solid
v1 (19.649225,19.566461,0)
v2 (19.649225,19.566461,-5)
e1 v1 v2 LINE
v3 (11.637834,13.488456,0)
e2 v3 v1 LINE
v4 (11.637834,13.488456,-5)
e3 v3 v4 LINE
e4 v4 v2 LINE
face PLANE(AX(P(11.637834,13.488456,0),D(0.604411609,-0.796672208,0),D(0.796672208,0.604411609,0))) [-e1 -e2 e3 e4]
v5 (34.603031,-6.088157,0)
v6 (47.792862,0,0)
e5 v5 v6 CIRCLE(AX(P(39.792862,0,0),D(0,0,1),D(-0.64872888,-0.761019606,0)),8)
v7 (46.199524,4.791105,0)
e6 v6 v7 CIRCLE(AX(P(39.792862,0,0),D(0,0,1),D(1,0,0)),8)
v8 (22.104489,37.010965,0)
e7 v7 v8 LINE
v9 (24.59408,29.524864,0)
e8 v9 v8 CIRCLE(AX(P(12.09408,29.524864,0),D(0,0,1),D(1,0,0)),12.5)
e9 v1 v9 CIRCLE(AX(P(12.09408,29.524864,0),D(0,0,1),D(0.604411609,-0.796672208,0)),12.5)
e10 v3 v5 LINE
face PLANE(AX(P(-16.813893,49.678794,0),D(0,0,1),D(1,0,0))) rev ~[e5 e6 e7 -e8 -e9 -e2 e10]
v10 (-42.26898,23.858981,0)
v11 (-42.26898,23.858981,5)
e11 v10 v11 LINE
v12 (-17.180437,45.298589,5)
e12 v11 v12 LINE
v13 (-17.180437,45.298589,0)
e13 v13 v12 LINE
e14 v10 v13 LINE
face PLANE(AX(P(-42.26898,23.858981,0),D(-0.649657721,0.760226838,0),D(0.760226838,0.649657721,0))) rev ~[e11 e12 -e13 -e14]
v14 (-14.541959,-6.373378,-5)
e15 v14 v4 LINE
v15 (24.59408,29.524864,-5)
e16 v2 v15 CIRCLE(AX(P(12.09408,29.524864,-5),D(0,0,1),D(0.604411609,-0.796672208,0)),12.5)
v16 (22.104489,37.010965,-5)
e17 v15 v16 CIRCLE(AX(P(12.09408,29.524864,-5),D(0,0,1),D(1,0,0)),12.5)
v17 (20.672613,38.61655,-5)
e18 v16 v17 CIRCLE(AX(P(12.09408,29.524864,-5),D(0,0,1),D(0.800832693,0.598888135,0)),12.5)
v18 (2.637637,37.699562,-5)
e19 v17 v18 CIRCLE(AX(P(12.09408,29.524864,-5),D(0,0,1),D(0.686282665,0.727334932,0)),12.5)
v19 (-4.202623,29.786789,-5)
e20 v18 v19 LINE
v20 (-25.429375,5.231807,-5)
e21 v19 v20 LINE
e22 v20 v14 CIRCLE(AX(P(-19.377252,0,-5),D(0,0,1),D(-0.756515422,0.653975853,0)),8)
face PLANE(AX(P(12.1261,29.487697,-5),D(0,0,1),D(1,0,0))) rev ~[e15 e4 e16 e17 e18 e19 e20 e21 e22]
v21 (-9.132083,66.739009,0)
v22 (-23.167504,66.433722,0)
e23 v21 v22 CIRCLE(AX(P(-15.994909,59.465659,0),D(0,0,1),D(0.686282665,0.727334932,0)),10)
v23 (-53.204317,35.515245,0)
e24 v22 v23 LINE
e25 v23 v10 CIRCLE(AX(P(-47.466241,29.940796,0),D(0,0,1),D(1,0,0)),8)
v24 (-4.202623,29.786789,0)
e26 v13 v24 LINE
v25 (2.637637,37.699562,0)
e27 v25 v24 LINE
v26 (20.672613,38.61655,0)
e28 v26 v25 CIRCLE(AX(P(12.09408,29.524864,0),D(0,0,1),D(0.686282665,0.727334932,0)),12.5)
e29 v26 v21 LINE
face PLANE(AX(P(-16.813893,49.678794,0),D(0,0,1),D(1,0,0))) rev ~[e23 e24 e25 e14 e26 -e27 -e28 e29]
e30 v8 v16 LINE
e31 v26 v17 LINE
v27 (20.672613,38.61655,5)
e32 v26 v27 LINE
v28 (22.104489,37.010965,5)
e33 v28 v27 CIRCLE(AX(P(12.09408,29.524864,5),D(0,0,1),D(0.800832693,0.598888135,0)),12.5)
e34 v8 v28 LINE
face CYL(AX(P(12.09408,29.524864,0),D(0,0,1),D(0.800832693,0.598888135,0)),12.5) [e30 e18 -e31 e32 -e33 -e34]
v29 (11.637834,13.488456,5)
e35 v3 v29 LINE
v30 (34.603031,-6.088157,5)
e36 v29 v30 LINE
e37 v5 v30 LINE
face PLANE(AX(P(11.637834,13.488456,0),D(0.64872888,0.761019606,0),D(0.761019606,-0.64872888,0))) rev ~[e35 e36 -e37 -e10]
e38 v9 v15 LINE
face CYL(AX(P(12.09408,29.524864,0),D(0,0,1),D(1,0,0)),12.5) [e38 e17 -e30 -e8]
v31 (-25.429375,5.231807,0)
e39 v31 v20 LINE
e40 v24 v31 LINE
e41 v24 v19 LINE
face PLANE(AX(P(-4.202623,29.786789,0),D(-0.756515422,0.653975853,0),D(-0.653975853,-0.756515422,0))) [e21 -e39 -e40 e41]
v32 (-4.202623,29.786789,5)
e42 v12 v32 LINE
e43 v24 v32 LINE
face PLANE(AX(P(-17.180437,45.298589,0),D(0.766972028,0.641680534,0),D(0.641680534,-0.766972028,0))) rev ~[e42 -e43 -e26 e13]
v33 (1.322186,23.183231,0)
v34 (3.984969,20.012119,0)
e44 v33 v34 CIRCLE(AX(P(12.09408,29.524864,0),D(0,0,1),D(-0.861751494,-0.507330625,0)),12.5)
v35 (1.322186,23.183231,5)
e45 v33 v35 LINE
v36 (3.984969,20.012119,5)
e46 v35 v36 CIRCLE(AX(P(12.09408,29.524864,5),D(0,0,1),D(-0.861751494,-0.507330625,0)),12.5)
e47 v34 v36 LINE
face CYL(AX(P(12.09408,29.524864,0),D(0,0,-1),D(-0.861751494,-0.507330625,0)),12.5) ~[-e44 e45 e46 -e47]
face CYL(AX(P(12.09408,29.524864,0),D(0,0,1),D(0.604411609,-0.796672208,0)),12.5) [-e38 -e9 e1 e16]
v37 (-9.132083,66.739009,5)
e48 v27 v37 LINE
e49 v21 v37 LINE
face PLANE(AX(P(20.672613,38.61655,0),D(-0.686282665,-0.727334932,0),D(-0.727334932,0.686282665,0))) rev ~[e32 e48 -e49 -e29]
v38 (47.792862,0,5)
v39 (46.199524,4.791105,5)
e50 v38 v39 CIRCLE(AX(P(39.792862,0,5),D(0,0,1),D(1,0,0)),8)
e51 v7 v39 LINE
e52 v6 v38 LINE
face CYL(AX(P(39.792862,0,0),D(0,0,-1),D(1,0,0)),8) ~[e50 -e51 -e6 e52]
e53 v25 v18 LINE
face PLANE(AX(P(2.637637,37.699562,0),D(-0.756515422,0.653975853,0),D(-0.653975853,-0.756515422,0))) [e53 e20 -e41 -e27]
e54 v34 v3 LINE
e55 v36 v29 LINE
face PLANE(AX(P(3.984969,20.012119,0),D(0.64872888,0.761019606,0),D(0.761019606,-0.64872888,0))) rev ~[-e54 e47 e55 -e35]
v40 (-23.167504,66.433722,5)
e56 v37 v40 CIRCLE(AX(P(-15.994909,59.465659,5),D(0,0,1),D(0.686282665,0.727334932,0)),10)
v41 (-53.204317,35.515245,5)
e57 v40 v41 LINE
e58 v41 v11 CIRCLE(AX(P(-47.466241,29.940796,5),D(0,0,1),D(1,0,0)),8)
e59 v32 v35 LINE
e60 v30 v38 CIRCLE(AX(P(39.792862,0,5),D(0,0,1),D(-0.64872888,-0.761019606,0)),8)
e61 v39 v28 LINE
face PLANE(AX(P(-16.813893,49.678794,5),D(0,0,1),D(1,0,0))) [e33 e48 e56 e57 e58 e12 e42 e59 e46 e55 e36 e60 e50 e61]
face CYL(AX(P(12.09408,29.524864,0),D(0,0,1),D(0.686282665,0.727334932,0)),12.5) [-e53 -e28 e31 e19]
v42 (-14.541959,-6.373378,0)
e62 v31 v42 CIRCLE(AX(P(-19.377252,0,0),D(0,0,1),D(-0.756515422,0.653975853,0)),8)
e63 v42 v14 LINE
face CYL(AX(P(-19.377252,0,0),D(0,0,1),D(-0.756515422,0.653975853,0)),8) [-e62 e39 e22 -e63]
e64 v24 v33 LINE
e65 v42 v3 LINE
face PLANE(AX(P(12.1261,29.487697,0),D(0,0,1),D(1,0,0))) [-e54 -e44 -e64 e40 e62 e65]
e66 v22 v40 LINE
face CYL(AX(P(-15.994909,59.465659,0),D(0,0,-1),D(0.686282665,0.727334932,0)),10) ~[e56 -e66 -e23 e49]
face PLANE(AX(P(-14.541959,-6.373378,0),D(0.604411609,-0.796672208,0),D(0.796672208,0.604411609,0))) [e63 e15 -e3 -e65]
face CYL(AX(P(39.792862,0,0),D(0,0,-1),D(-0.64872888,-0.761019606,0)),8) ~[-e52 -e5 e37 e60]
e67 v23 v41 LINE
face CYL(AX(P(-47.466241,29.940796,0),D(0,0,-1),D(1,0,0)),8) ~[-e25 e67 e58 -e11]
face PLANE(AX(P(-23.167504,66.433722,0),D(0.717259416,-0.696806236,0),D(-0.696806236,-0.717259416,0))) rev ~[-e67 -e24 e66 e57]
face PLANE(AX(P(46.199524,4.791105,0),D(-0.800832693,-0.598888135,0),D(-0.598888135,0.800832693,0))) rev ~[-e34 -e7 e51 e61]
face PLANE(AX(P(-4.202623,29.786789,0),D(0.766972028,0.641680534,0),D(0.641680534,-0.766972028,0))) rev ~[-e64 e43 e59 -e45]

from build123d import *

# Parameters (mm, degrees)
F1_DEPTH = 5
F2_DEPTH = 5


with BuildPart() as f1:
    # F0 (on Top) → F1 (new body)
    with BuildSketch(Plane.XY):
        with BuildLine():
            Line((-23.6646297587, 53.0488538636), (-17.1804372047, 45.2985886631))
            Line((-17.1804372047, 45.2985886631), (-9.4983322642, 51.863390826))
            ThreePointArc((-9.4983322642, 51.863390826), (-16.8288140389, 49.5004897049), (-23.6646297587, 53.0488538636))
        make_face()
        with BuildLine():
            ThreePointArc((-53.2043166994, 35.5152454027), (-44.4583020958, 37.3537774602), (-39.4662413724, 29.9407955158))
            ThreePointArc((-39.4662413724, 29.9407955158), (-40.2006342346, 26.5925194043), (-42.2689796022, 23.858980812))
            Line((-42.2689796022, 23.858980812), (-17.1804372047, 45.2985886631))
            Line((-17.1804372047, 45.2985886631), (-23.6646297587, 53.0488538636))
            ThreePointArc((-23.6646297587, 53.0488538636), (-25.9880193698, 59.8368123683), (-23.1675036357, 66.4337215644))
            Line((-23.1675036357, 66.4337215644), (-53.2043166994, 35.5152454027))
        make_face()
        with BuildLine():
            ThreePointArc((-42.2689796022, 23.858980812), (-40.2006342346, 26.5925194043), (-39.4662413724, 29.9407955158))
            ThreePointArc((-39.4662413724, 29.9407955158), (-44.4583020958, 37.3537774602), (-53.2043166994, 35.5152454027))
            ThreePointArc((-53.2043166994, 35.5152454027), (-53.3006433022, 24.467245103), (-42.2689796022, 23.858980812))
        make_face()
        with BuildLine():
            ThreePointArc((-9.1320828248, 66.7390085266), (-16.2123698397, 69.4632944758), (-23.1675036357, 66.4337215644))
            ThreePointArc((-23.1675036357, 66.4337215644), (-25.9880193698, 59.8368123683), (-23.6646297587, 53.0488538636))
            ThreePointArc((-23.6646297587, 53.0488538636), (-16.8288140389, 49.5004897049), (-9.4983322642, 51.863390826))
            ThreePointArc((-9.4983322642, 51.863390826), (-6.9129005547, 55.2803140664), (-5.994909477, 59.4656592058))
            ThreePointArc((-5.994909477, 59.4656592058), (-6.8126367049, 63.4261978989), (-9.1320828248, 66.7390085266))
        make_face()
        with BuildLine():
            Line((-9.4983322642, 51.863390826), (-17.1804372047, 45.2985886631))
            Line((-17.1804372047, 45.2985886631), (-4.2026234708, 29.7867886478))
            Line((-4.2026234708, 29.7867886478), (2.6376370986, 37.6995618553))
            ThreePointArc((2.6376370986, 37.6995618553), (11.4593372267, 42.0087373587), (20.6726131861, 38.616550341))
            Line((20.6726131861, 38.616550341), (-9.1320828248, 66.7390085266))
            ThreePointArc((-9.1320828248, 66.7390085266), (-6.8126367049, 63.4261978989), (-5.994909477, 59.4656592058))
            ThreePointArc((-5.994909477, 59.4656592058), (-6.9129005547, 55.2803140664), (-9.4983322642, 51.863390826))
        make_face()
        with BuildLine():
            ThreePointArc((22.1044885316, 37.0109653755), (21.4231562838, 37.8446192924), (20.6726131861, 38.616550341))
            ThreePointArc((20.6726131861, 38.616550341), (11.4593372267, 42.0087373587), (2.6376370986, 37.6995618553))
            ThreePointArc((2.6376370986, 37.6995618553), (-0.3549106539, 30.6529749047), (1.3221861999, 23.1832308766))
            ThreePointArc((1.3221861999, 23.1832308766), (2.5213544186, 21.4866470088), (3.9849688708, 20.012118619))
            ThreePointArc((3.9849688708, 20.012118619), (11.7385911797, 17.0299196009), (19.6492249827, 19.5664610902))
            ThreePointArc((19.6492249827, 19.5664610902), (23.2898226756, 23.965606271), (24.5940798709, 29.52486369))
            ThreePointArc((24.5940798709, 29.52486369), (23.9553637024, 33.4694734135), (22.1044885316, 37.0109653755))
        make_face()
        with BuildLine():
            Line((2.6376370986, 37.6995618553), (-4.2026234708, 29.7867886478))
            Line((-4.2026234708, 29.7867886478), (1.3221861999, 23.1832308766))
            ThreePointArc((1.3221861999, 23.1832308766), (-0.3549106539, 30.6529749047), (2.6376370986, 37.6995618553))
        make_face()
        with BuildLine():
            ThreePointArc((19.6492249827, 19.5664610902), (11.7385911797, 17.0299196009), (3.9849688708, 20.012118619))
            Line((3.9849688708, 20.012118619), (11.6378344152, 13.4884563422))
            Line((11.6378344152, 13.4884563422), (19.6492249827, 19.5664610902))
        make_face()
        with BuildLine():
            Line((46.1995238743, 4.7911050787), (22.1044885316, 37.0109653755))
            ThreePointArc((22.1044885316, 37.0109653755), (23.9553637024, 33.4694734135), (24.5940798709, 29.52486369))
            ThreePointArc((24.5940798709, 29.52486369), (23.2898226756, 23.965606271), (19.6492249827, 19.5664610902))
            Line((19.6492249827, 19.5664610902), (11.6378344152, 13.4884563422))
            Line((11.6378344152, 13.4884563422), (34.6030312914, -6.0881568455))
            ThreePointArc((34.6030312914, -6.0881568455), (34.3193119186, 5.8344019298), (46.1995238743, 4.7911050787))
        make_face()
        with BuildLine():
            ThreePointArc((47.7928623315, 0), (47.3840839836, 2.524550223), (46.1995238743, 4.7911050787))
            ThreePointArc((46.1995238743, 4.7911050787), (34.3193119186, 5.8344019298), (34.6030312914, -6.0881568455))
            ThreePointArc((34.6030312914, -6.0881568455), (43.1455740458, -7.2635613965), (47.7928623315, 0))
        make_face()
    extrude(amount=F1_DEPTH)

    # F0 (on Top) → F2 (join)
    with BuildSketch(Plane.XY):
        with BuildLine():
            ThreePointArc((22.1044885316, 37.0109653755), (21.4231562838, 37.8446192924), (20.6726131861, 38.616550341))
            ThreePointArc((20.6726131861, 38.616550341), (11.4593372267, 42.0087373587), (2.6376370986, 37.6995618553))
            ThreePointArc((2.6376370986, 37.6995618553), (-0.3549106539, 30.6529749047), (1.3221861999, 23.1832308766))
            ThreePointArc((1.3221861999, 23.1832308766), (2.5213544186, 21.4866470088), (3.9849688708, 20.012118619))
            ThreePointArc((3.9849688708, 20.012118619), (11.7385911797, 17.0299196009), (19.6492249827, 19.5664610902))
            ThreePointArc((19.6492249827, 19.5664610902), (23.2898226756, 23.965606271), (24.5940798709, 29.52486369))
            ThreePointArc((24.5940798709, 29.52486369), (23.9553637024, 33.4694734135), (22.1044885316, 37.0109653755))
        make_face()
        with BuildLine():
            Line((2.6376370986, 37.6995618553), (-4.2026234708, 29.7867886478))
            Line((-4.2026234708, 29.7867886478), (1.3221861999, 23.1832308766))
            ThreePointArc((1.3221861999, 23.1832308766), (-0.3549106539, 30.6529749047), (2.6376370986, 37.6995618553))
        make_face()
        with BuildLine():
            ThreePointArc((19.6492249827, 19.5664610902), (11.7385911797, 17.0299196009), (3.9849688708, 20.012118619))
            Line((3.9849688708, 20.012118619), (11.6378344152, 13.4884563422))
            Line((11.6378344152, 13.4884563422), (19.6492249827, 19.5664610902))
        make_face()
        with BuildLine():
            Line((1.3221861999, 23.1832308766), (-4.2026234708, 29.7867886478))
            Line((-4.2026234708, 29.7867886478), (-25.4293753988, 5.2318068258))
            ThreePointArc((-25.4293753988, 5.2318068258), (-16.5859250098, 7.4972323892), (-11.3772520245, 0))
            ThreePointArc((-11.3772520245, 0), (-12.2119766295, -3.5579247482), (-14.541959153, -6.3733776639))
            Line((-14.541959153, -6.3733776639), (11.6378344152, 13.4884563422))
            Line((11.6378344152, 13.4884563422), (3.9849688708, 20.012118619))
            ThreePointArc((3.9849688708, 20.012118619), (2.5213544186, 21.4866470088), (1.3221861999, 23.1832308766))
        make_face()
        with BuildLine():
            ThreePointArc((-11.3772520245, 0), (-16.5859250098, 7.4972323892), (-25.4293753988, 5.2318068258))
            ThreePointArc((-25.4293753988, 5.2318068258), (-25.2116539543, -5.4735504128), (-14.541959153, -6.3733776639))
            ThreePointArc((-14.541959153, -6.3733776639), (-12.2119766295, -3.5579247482), (-11.3772520245, 0))
        make_face()
    extrude(amount=-F2_DEPTH)


solid = f1.part
